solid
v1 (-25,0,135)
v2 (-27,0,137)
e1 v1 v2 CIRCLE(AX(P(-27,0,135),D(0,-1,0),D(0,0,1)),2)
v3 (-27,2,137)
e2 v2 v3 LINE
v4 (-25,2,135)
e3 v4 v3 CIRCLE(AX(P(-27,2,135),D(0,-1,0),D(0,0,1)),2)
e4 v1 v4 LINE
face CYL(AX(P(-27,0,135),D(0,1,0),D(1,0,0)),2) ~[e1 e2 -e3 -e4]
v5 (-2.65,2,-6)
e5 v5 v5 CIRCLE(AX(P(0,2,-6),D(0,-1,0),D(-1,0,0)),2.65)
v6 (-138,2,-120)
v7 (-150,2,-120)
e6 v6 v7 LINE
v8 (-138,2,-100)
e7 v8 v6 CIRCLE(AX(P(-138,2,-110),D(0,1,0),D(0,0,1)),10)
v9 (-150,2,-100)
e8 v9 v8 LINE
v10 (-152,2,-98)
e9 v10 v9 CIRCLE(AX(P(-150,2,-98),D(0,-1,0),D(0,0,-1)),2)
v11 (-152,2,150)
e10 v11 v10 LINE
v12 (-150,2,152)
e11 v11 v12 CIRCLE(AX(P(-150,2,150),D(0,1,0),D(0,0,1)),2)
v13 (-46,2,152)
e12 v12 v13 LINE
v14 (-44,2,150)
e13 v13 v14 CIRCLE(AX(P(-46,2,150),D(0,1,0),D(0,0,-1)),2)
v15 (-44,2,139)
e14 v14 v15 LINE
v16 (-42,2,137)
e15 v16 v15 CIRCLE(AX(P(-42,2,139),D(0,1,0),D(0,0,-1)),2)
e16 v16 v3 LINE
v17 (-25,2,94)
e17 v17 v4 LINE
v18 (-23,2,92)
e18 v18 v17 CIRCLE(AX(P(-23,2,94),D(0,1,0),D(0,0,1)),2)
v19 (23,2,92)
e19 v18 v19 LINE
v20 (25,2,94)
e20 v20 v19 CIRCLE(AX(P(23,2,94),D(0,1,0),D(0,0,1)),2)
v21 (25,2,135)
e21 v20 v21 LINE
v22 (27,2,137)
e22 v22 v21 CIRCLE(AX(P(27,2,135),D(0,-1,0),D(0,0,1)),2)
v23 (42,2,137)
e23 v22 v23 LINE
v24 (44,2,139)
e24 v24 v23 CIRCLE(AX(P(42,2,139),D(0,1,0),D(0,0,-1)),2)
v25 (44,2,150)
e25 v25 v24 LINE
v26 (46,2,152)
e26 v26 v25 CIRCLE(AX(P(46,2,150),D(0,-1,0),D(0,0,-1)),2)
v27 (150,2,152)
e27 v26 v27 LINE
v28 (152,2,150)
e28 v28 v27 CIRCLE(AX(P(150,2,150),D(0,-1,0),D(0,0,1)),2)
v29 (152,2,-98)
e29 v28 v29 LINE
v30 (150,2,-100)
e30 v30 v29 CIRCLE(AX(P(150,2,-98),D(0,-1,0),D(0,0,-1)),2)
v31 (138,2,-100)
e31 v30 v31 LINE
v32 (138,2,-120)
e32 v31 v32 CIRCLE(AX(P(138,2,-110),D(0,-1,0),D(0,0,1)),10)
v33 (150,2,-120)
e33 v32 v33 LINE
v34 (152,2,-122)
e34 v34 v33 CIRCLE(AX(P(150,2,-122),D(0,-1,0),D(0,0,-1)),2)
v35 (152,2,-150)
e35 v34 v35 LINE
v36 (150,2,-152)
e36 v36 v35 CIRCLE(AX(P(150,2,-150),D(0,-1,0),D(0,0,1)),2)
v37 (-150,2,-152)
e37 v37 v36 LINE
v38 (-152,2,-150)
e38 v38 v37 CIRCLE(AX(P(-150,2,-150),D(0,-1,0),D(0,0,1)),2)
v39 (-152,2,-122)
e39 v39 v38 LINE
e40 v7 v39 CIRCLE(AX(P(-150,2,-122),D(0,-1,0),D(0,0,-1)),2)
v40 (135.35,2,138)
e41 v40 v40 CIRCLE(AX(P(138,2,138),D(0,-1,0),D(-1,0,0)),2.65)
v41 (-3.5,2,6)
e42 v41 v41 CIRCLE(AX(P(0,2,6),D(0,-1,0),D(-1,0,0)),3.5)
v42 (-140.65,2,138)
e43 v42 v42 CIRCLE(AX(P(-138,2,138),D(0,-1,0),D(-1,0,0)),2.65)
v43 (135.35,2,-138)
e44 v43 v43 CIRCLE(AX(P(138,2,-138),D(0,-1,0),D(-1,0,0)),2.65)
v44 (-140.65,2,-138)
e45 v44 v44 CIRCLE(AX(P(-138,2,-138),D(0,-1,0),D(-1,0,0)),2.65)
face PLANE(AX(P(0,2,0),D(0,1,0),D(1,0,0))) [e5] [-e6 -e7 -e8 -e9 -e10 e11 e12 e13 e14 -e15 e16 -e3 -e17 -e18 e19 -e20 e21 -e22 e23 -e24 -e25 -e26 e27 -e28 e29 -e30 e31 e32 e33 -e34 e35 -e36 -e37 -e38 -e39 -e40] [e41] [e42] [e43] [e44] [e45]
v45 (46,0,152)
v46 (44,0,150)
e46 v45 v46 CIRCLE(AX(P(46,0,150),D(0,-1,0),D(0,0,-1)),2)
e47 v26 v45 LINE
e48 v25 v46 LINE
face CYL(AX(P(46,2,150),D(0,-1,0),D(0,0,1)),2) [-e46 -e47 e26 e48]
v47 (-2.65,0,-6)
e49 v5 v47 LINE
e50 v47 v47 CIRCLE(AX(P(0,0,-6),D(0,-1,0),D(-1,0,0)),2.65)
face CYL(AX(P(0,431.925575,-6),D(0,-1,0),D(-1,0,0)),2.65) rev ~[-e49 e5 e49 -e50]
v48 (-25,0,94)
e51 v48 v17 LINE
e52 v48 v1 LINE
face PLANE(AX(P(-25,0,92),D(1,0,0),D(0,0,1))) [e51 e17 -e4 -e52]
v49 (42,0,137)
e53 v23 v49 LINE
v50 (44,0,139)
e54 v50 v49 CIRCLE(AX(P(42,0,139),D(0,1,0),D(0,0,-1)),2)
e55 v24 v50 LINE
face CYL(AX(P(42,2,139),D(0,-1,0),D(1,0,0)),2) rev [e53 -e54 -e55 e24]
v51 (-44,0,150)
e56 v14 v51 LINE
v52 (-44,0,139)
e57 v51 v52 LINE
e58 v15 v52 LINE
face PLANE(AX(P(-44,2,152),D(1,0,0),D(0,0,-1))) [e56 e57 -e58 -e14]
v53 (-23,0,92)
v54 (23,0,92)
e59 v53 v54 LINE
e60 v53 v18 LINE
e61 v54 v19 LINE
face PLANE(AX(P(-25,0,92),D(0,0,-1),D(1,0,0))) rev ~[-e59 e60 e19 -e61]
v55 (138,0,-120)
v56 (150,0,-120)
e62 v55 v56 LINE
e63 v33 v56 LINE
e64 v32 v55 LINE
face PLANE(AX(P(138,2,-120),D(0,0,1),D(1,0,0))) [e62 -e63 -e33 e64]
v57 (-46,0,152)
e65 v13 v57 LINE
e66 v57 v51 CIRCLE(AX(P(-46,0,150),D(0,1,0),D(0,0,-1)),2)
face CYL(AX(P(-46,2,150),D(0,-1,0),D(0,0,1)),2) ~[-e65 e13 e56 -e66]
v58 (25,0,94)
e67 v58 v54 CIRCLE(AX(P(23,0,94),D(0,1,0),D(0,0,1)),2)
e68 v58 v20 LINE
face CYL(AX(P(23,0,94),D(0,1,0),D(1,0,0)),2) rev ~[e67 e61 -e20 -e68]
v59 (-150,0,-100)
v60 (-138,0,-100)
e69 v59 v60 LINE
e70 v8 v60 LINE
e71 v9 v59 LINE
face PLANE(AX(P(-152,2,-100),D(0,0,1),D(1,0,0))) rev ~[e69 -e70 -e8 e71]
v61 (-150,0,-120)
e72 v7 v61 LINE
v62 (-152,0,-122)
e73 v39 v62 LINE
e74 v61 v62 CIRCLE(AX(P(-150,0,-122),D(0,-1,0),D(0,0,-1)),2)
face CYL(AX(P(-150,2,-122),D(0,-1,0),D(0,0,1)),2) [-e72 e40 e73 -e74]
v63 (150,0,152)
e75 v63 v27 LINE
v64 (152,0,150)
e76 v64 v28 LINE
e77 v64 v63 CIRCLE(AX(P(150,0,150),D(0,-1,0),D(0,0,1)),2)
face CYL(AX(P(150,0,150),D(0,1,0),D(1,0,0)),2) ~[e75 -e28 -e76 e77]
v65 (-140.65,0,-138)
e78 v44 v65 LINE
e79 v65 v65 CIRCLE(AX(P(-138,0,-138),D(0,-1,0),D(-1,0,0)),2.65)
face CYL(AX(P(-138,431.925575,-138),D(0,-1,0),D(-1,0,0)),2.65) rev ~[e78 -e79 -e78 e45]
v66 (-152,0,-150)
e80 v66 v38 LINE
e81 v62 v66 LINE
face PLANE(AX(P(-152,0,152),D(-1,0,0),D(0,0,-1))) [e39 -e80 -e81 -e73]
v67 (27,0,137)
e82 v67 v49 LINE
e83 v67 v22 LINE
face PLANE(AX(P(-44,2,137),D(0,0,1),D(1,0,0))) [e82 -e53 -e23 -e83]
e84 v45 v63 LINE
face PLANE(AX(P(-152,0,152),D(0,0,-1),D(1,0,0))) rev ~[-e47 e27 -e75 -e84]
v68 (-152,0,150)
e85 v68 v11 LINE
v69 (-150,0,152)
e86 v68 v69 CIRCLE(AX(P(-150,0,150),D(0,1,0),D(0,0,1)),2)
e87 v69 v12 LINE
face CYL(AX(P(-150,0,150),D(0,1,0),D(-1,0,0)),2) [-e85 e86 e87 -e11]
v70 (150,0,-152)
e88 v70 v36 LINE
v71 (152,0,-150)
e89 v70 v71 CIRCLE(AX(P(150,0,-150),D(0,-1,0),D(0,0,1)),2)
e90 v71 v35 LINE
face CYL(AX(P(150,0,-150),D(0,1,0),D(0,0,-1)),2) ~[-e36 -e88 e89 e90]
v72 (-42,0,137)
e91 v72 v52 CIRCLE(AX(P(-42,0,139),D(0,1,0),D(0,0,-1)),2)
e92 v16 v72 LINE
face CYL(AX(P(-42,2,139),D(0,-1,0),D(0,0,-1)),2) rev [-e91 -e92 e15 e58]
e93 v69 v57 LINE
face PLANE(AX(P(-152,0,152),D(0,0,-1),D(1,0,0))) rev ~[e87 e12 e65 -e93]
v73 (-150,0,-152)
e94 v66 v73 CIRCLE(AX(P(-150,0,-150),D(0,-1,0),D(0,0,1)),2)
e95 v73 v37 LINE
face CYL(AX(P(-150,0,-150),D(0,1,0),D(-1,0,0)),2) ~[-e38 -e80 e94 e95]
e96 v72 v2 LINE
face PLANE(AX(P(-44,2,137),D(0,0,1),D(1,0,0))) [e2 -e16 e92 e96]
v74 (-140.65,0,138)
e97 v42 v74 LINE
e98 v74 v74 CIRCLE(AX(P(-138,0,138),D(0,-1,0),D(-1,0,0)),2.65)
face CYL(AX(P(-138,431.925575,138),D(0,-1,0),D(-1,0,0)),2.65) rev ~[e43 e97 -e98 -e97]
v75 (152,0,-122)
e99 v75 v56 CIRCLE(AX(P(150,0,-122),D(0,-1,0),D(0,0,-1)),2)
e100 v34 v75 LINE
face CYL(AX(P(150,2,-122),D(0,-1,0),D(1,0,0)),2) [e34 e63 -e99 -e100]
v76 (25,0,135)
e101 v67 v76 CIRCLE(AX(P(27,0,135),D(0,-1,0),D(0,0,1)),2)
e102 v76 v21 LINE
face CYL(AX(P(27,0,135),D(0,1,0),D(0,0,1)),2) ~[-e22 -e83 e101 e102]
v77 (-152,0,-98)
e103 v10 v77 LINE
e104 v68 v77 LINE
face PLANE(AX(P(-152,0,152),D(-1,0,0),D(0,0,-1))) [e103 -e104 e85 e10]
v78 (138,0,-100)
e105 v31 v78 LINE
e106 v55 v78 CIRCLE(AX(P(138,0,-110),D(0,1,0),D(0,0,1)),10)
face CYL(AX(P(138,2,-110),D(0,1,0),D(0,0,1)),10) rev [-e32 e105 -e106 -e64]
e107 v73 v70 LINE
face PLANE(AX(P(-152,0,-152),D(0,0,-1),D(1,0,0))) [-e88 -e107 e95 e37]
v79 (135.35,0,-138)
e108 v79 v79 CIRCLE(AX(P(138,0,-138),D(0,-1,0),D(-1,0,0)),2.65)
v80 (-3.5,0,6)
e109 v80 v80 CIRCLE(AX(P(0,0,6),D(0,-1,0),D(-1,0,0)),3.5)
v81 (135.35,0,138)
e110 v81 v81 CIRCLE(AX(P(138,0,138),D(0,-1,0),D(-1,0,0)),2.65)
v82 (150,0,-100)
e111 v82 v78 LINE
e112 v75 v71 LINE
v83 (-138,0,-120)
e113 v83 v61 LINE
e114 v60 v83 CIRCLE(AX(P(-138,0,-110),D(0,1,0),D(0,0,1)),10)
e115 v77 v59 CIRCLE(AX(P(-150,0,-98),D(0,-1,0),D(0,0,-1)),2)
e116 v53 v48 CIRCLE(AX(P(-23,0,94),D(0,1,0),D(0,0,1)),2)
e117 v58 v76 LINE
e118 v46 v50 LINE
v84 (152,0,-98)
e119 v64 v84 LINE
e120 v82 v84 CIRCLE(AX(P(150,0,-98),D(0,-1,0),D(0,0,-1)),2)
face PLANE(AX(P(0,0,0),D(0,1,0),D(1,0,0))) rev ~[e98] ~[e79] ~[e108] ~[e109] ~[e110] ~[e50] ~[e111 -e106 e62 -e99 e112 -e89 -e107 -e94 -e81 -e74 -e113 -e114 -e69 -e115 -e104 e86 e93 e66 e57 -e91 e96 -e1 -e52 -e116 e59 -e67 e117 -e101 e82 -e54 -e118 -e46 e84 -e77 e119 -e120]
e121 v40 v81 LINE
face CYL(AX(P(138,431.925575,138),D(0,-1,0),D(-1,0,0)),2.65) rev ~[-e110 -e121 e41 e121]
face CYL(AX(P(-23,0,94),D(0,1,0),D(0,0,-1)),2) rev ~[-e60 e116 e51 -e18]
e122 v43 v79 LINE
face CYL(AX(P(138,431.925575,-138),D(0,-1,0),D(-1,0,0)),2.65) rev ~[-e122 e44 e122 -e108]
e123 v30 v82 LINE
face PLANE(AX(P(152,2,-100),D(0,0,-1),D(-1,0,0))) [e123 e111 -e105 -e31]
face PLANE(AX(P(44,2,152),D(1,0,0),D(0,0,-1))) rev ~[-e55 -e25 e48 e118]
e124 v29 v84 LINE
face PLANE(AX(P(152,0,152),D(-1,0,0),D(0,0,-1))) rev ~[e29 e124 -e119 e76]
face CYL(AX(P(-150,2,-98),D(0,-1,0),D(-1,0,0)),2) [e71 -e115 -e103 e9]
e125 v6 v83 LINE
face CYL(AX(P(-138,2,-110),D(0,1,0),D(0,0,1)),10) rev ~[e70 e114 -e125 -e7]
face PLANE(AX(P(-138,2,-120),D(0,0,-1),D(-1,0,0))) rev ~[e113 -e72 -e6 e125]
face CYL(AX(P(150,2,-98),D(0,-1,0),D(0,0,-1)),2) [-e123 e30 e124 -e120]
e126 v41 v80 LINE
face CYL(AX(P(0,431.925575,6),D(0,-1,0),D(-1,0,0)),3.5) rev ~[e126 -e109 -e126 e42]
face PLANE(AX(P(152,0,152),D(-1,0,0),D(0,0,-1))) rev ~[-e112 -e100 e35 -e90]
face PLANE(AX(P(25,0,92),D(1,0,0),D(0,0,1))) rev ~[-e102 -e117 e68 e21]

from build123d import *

# Parameters (mm, degrees)
SKETCH1_W                = 304
SKETCH1_H                = 304
BOSS_EXTRUDE1_DEPTH      = 2
SKETCH2_W                = 88
SKETCH2_H                = 15
CUT_EXTRUDE1_DEPTH       = 215.969765316
SKETCH7_W                = 50
SKETCH7_H                = 45
CUT_EXTRUDE2_DEPTH       = 2
FILLET1_R                = 2
F_7_0_7_DIAMETER_HOLE1_D = 7
M5_CLEARANCE_HOLE1_D     = 5.3


with BuildPart() as part:
    # Sketch1 → Boss-Extrude1 (new body)
    with BuildSketch(Plane(origin=(0, 0, 0), x_dir=(1, 0, 0), z_dir=(0, 1, 0))):
        Rectangle(SKETCH1_W, SKETCH1_H)
    extrude(amount=BOSS_EXTRUDE1_DEPTH)

    # Sketch2 → Cut-Extrude1 (cut, through all)
    with BuildSketch(Plane(origin=(0, 2, 0), x_dir=(1, 0, 0), z_dir=(0, 1, 0))):
        with Locations((0, -144.5)):
            Rectangle(SKETCH2_W, SKETCH2_H)
        with BuildLine():
            Line((-152, 100), (-138, 100))
            ThreePointArc((-138, 100), (-128, 110), (-138, 120))
            Line((-138, 120), (-152, 120))
            Line((-152, 120), (-152, 100))
        make_face()
        with BuildLine():
            Line((152, 100), (138, 100))
            ThreePointArc((138, 100), (128, 110), (138, 120))
            Line((138, 120), (152, 120))
            Line((152, 120), (152, 100))
        make_face()
    extrude(amount=-CUT_EXTRUDE1_DEPTH, mode=Mode.SUBTRACT)

    # Sketch7 → Cut-Extrude2 (cut)
    with BuildSketch(Plane.XZ):
        with Locations((0, 114.5)):
            Rectangle(SKETCH7_W, SKETCH7_H)
    extrude(amount=-CUT_EXTRUDE2_DEPTH, mode=Mode.SUBTRACT)

    # Fillet1
    fillet1_edges = [part.edges().sort_by_distance(p)[0] for p in [
        (44, 1, 152),
        (-44, 1, 152),
        (-44, 1, 137),
        (44, 1, 137),
        (-152, 1, -100),
        (-152, 1, -120),
        (152, 1, -120),
        (152, 1, -100),
        (25, 1, 92),
        (25, 1, 137),
        (-25, 1, 137),
        (-25, 1, 92),
        (-152, 1, -152),
        (152, 1, -152),
        (152, 1, 152),
        (-152, 1, 152),
    ]]
    fillet(fillet1_edges, radius=FILLET1_R)

    # Ø7.0 (7) Diameter Hole1 (through all)
    with Locations(Plane(origin=(0, 2, 0), x_dir=(1, 0, 0), z_dir=(0, 1, 0))):
        with Locations((0, -6)):
            Hole(F_7_0_7_DIAMETER_HOLE1_D / 2)

    # M5 Clearance Hole1 (through all)
    with Locations(Plane(origin=(0, 2, 0), x_dir=(1, 0, 0), z_dir=(0, 1, 0))):
        with Locations((-138, 138), (138, 138), (138, -138), (-138, -138), (0, 6)):
            Hole(M5_CLEARANCE_HOLE1_D / 2)


solid = part.part
